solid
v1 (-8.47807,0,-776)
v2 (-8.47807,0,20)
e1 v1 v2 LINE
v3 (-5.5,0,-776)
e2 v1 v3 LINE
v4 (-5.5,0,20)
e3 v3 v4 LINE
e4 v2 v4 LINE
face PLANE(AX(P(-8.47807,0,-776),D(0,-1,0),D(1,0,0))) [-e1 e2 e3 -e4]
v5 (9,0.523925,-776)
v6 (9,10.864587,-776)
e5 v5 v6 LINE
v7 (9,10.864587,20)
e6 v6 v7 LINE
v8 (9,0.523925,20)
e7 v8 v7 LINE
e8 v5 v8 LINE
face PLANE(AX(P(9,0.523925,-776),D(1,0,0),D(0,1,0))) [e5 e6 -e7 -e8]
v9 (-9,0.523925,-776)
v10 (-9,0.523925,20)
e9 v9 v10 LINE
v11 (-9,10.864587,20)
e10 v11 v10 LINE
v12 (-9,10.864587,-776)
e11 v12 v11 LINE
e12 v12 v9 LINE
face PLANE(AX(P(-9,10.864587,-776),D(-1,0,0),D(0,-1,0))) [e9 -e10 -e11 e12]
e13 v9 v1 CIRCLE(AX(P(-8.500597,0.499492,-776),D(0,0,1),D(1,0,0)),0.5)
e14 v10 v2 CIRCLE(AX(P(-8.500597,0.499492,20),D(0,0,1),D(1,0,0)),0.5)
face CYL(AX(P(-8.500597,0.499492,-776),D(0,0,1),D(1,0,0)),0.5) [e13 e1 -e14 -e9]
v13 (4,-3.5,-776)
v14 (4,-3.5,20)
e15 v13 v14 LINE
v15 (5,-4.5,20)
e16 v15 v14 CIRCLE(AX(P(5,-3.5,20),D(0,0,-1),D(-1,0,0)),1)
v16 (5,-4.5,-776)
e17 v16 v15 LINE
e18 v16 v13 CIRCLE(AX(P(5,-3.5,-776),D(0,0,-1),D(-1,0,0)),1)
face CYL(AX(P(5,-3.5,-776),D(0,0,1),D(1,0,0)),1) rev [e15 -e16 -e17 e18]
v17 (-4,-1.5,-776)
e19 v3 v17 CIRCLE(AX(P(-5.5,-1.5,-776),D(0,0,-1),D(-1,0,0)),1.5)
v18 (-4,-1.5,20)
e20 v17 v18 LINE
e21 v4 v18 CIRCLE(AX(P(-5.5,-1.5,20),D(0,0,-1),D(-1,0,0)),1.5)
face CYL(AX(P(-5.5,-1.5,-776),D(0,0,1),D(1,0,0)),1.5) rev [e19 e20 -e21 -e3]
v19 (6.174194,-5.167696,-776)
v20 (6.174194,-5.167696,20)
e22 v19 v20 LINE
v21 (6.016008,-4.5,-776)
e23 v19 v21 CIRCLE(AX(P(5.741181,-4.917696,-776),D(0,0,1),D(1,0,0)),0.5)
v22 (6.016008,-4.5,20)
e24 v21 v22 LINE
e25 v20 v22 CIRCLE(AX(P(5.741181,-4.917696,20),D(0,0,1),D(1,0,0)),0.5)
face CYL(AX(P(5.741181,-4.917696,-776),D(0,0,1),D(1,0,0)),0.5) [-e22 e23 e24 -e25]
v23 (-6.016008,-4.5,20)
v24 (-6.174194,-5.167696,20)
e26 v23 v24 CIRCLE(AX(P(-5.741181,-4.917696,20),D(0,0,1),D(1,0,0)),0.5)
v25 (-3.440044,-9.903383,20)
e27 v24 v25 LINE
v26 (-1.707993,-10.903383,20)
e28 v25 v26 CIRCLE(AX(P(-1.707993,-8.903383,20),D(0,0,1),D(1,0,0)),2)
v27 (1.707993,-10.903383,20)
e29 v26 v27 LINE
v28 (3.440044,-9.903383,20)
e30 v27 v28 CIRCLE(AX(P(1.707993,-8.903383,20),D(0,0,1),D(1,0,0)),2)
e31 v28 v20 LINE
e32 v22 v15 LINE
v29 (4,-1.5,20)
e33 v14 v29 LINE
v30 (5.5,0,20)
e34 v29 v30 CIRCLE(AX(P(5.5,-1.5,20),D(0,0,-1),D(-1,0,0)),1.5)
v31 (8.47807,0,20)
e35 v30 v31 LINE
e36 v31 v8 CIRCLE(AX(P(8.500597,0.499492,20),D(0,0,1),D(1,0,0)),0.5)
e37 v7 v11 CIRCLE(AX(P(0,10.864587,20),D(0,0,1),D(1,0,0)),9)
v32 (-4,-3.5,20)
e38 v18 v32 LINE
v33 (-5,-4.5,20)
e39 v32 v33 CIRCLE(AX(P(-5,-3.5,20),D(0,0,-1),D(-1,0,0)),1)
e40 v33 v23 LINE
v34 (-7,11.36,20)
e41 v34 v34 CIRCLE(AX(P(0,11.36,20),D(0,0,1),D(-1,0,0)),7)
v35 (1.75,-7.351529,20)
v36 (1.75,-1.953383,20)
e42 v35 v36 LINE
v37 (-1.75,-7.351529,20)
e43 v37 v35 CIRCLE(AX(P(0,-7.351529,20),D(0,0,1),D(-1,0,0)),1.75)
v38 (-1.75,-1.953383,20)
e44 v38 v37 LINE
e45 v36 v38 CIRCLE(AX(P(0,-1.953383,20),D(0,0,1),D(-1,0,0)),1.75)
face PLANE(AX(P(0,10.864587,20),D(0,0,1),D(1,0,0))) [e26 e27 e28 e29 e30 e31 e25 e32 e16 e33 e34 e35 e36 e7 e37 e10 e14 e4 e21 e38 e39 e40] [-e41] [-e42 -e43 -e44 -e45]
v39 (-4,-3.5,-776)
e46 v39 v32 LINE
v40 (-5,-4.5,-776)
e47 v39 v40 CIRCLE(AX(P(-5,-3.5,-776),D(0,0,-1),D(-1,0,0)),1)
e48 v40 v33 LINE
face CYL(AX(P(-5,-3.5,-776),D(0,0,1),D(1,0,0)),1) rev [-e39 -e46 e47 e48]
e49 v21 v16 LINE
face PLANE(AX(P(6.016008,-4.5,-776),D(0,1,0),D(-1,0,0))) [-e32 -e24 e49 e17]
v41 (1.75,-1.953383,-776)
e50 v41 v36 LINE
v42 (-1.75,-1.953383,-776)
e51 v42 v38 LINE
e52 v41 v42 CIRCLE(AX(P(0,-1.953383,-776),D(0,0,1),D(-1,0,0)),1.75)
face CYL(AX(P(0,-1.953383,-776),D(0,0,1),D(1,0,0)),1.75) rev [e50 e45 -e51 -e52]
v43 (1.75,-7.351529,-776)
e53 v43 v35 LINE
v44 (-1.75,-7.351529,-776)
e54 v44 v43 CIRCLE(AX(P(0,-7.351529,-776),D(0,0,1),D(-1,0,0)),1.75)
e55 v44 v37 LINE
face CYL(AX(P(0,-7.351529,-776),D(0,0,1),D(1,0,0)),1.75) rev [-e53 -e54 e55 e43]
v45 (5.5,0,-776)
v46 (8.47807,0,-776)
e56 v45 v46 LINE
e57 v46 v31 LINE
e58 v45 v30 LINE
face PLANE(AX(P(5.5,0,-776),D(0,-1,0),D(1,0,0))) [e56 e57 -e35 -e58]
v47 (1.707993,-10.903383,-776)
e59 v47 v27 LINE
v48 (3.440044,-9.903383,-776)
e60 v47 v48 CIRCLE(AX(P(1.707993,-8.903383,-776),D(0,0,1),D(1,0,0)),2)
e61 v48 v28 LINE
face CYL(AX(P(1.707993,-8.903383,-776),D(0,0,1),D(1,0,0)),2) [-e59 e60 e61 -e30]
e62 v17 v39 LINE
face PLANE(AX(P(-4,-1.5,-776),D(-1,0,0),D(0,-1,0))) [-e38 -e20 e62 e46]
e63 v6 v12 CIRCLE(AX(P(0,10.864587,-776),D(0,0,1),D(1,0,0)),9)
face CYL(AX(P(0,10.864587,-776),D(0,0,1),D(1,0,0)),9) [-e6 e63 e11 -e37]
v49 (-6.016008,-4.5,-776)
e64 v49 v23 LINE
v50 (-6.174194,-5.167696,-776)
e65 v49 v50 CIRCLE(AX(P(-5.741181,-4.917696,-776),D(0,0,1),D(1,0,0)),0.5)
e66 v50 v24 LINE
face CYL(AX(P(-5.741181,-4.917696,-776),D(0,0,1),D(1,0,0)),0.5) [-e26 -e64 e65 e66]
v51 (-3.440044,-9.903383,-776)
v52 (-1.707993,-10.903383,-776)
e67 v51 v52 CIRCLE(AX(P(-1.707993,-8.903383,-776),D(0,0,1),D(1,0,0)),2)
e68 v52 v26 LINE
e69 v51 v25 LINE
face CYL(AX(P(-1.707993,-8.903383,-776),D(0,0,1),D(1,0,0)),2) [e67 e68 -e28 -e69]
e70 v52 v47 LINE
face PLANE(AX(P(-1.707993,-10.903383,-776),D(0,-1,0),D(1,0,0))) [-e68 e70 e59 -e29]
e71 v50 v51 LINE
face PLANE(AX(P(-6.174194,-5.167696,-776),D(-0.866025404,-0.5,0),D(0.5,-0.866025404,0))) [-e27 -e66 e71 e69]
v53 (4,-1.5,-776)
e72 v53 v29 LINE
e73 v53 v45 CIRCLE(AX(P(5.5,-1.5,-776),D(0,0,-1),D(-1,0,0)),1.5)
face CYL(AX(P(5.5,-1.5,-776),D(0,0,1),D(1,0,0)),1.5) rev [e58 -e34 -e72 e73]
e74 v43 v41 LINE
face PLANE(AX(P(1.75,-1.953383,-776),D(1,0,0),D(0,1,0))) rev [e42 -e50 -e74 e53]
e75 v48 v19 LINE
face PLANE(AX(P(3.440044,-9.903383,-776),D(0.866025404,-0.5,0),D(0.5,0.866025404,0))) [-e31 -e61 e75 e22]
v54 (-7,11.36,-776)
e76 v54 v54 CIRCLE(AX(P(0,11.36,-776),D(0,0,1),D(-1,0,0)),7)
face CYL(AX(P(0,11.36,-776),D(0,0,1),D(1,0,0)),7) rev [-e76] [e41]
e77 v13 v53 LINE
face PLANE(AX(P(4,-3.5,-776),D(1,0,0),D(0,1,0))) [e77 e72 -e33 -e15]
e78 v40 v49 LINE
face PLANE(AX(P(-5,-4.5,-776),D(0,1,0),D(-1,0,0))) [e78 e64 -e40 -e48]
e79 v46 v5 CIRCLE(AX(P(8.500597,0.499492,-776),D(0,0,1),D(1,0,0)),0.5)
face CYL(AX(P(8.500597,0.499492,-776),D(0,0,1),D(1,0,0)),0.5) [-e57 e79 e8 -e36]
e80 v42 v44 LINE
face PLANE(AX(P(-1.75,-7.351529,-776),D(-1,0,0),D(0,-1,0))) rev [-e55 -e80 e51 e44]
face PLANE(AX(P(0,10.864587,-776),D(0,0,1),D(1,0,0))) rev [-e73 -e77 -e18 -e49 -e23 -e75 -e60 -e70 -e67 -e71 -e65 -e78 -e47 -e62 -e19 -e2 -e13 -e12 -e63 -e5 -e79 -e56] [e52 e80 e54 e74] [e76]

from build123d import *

# Parameters (mm, degrees)
ESQUISSE1_R        = 7
BOSS_EXTRU_1_DEPTH = 796


with BuildPart() as part:
    # Esquisse1 → Boss.-Extru.1 (new body)
    with BuildSketch(Plane.XY.offset(20)):
        with BuildLine():
            Line((-9, 10.864586864), (-9, 0.523924837))
            ThreePointArc((-9, 0.523924837), (-8.854824532, 0.14661401), (-8.478070356, 0))
            Line((-8.478070356, 0), (-5.5, 0))
            ThreePointArc((-5.5, 0), (-4.439339828, -0.439339828), (-4, -1.5))
            Line((-4, -1.5), (-4, -3.5))
            ThreePointArc((-4, -3.5), (-4.292893219, -4.207106781), (-5, -4.5))
            Line((-5, -4.5), (-6.016007613, -4.5))
            ThreePointArc((-6.016007613, -4.5), (-6.227713349, -4.802430523), (-6.174193657, -5.16769643))
            Line((-6.174193657, -5.16769643), (-3.440043573, -9.90338329))
            ThreePointArc((-3.440043573, -9.90338329), (-2.707992766, -10.635434098), (-1.707992766, -10.90338329))
            Line((-1.707992766, -10.90338329), (1.707992766, -10.90338329))
            ThreePointArc((1.707992766, -10.90338329), (2.707992766, -10.635434098), (3.440043573, -9.90338329))
            Line((3.440043573, -9.90338329), (6.174193657, -5.16769643))
            ThreePointArc((6.174193657, -5.16769643), (6.227713349, -4.802430523), (6.016007614, -4.5))
            Line((6.016007614, -4.5), (5, -4.5))
            ThreePointArc((5, -4.5), (4.292893219, -4.207106781), (4, -3.5))
            Line((4, -3.5), (4, -1.5))
            ThreePointArc((4, -1.5), (4.439339828, -0.439339828), (5.5, 0))
            Line((5.5, 0), (8.478070356, 0))
            ThreePointArc((8.478070356, 0), (8.854824532, 0.14661401), (9, 0.523924837))
            Line((9, 0.523924837), (9, 10.864586864))
            ThreePointArc((9, 10.864586864), (0, 19.864586864), (-9, 10.864586864))
        make_face()
        with Locations(Location((0, 11.36, 0), (0, 0, 180))):
            Circle(ESQUISSE1_R, mode=Mode.SUBTRACT)
        with BuildLine():
            Line((1.75, -1.95338329), (1.75, -7.351528839))
            ThreePointArc((1.75, -7.351528839), (0, -9.101528839), (-1.75, -7.351528839))
            Line((-1.75, -7.351528839), (-1.75, -1.95338329))
            ThreePointArc((-1.75, -1.95338329), (0, -0.20338329), (1.75, -1.95338329))
        make_face(mode=Mode.SUBTRACT)
    extrude(amount=-BOSS_EXTRU_1_DEPTH)


solid = part.part
